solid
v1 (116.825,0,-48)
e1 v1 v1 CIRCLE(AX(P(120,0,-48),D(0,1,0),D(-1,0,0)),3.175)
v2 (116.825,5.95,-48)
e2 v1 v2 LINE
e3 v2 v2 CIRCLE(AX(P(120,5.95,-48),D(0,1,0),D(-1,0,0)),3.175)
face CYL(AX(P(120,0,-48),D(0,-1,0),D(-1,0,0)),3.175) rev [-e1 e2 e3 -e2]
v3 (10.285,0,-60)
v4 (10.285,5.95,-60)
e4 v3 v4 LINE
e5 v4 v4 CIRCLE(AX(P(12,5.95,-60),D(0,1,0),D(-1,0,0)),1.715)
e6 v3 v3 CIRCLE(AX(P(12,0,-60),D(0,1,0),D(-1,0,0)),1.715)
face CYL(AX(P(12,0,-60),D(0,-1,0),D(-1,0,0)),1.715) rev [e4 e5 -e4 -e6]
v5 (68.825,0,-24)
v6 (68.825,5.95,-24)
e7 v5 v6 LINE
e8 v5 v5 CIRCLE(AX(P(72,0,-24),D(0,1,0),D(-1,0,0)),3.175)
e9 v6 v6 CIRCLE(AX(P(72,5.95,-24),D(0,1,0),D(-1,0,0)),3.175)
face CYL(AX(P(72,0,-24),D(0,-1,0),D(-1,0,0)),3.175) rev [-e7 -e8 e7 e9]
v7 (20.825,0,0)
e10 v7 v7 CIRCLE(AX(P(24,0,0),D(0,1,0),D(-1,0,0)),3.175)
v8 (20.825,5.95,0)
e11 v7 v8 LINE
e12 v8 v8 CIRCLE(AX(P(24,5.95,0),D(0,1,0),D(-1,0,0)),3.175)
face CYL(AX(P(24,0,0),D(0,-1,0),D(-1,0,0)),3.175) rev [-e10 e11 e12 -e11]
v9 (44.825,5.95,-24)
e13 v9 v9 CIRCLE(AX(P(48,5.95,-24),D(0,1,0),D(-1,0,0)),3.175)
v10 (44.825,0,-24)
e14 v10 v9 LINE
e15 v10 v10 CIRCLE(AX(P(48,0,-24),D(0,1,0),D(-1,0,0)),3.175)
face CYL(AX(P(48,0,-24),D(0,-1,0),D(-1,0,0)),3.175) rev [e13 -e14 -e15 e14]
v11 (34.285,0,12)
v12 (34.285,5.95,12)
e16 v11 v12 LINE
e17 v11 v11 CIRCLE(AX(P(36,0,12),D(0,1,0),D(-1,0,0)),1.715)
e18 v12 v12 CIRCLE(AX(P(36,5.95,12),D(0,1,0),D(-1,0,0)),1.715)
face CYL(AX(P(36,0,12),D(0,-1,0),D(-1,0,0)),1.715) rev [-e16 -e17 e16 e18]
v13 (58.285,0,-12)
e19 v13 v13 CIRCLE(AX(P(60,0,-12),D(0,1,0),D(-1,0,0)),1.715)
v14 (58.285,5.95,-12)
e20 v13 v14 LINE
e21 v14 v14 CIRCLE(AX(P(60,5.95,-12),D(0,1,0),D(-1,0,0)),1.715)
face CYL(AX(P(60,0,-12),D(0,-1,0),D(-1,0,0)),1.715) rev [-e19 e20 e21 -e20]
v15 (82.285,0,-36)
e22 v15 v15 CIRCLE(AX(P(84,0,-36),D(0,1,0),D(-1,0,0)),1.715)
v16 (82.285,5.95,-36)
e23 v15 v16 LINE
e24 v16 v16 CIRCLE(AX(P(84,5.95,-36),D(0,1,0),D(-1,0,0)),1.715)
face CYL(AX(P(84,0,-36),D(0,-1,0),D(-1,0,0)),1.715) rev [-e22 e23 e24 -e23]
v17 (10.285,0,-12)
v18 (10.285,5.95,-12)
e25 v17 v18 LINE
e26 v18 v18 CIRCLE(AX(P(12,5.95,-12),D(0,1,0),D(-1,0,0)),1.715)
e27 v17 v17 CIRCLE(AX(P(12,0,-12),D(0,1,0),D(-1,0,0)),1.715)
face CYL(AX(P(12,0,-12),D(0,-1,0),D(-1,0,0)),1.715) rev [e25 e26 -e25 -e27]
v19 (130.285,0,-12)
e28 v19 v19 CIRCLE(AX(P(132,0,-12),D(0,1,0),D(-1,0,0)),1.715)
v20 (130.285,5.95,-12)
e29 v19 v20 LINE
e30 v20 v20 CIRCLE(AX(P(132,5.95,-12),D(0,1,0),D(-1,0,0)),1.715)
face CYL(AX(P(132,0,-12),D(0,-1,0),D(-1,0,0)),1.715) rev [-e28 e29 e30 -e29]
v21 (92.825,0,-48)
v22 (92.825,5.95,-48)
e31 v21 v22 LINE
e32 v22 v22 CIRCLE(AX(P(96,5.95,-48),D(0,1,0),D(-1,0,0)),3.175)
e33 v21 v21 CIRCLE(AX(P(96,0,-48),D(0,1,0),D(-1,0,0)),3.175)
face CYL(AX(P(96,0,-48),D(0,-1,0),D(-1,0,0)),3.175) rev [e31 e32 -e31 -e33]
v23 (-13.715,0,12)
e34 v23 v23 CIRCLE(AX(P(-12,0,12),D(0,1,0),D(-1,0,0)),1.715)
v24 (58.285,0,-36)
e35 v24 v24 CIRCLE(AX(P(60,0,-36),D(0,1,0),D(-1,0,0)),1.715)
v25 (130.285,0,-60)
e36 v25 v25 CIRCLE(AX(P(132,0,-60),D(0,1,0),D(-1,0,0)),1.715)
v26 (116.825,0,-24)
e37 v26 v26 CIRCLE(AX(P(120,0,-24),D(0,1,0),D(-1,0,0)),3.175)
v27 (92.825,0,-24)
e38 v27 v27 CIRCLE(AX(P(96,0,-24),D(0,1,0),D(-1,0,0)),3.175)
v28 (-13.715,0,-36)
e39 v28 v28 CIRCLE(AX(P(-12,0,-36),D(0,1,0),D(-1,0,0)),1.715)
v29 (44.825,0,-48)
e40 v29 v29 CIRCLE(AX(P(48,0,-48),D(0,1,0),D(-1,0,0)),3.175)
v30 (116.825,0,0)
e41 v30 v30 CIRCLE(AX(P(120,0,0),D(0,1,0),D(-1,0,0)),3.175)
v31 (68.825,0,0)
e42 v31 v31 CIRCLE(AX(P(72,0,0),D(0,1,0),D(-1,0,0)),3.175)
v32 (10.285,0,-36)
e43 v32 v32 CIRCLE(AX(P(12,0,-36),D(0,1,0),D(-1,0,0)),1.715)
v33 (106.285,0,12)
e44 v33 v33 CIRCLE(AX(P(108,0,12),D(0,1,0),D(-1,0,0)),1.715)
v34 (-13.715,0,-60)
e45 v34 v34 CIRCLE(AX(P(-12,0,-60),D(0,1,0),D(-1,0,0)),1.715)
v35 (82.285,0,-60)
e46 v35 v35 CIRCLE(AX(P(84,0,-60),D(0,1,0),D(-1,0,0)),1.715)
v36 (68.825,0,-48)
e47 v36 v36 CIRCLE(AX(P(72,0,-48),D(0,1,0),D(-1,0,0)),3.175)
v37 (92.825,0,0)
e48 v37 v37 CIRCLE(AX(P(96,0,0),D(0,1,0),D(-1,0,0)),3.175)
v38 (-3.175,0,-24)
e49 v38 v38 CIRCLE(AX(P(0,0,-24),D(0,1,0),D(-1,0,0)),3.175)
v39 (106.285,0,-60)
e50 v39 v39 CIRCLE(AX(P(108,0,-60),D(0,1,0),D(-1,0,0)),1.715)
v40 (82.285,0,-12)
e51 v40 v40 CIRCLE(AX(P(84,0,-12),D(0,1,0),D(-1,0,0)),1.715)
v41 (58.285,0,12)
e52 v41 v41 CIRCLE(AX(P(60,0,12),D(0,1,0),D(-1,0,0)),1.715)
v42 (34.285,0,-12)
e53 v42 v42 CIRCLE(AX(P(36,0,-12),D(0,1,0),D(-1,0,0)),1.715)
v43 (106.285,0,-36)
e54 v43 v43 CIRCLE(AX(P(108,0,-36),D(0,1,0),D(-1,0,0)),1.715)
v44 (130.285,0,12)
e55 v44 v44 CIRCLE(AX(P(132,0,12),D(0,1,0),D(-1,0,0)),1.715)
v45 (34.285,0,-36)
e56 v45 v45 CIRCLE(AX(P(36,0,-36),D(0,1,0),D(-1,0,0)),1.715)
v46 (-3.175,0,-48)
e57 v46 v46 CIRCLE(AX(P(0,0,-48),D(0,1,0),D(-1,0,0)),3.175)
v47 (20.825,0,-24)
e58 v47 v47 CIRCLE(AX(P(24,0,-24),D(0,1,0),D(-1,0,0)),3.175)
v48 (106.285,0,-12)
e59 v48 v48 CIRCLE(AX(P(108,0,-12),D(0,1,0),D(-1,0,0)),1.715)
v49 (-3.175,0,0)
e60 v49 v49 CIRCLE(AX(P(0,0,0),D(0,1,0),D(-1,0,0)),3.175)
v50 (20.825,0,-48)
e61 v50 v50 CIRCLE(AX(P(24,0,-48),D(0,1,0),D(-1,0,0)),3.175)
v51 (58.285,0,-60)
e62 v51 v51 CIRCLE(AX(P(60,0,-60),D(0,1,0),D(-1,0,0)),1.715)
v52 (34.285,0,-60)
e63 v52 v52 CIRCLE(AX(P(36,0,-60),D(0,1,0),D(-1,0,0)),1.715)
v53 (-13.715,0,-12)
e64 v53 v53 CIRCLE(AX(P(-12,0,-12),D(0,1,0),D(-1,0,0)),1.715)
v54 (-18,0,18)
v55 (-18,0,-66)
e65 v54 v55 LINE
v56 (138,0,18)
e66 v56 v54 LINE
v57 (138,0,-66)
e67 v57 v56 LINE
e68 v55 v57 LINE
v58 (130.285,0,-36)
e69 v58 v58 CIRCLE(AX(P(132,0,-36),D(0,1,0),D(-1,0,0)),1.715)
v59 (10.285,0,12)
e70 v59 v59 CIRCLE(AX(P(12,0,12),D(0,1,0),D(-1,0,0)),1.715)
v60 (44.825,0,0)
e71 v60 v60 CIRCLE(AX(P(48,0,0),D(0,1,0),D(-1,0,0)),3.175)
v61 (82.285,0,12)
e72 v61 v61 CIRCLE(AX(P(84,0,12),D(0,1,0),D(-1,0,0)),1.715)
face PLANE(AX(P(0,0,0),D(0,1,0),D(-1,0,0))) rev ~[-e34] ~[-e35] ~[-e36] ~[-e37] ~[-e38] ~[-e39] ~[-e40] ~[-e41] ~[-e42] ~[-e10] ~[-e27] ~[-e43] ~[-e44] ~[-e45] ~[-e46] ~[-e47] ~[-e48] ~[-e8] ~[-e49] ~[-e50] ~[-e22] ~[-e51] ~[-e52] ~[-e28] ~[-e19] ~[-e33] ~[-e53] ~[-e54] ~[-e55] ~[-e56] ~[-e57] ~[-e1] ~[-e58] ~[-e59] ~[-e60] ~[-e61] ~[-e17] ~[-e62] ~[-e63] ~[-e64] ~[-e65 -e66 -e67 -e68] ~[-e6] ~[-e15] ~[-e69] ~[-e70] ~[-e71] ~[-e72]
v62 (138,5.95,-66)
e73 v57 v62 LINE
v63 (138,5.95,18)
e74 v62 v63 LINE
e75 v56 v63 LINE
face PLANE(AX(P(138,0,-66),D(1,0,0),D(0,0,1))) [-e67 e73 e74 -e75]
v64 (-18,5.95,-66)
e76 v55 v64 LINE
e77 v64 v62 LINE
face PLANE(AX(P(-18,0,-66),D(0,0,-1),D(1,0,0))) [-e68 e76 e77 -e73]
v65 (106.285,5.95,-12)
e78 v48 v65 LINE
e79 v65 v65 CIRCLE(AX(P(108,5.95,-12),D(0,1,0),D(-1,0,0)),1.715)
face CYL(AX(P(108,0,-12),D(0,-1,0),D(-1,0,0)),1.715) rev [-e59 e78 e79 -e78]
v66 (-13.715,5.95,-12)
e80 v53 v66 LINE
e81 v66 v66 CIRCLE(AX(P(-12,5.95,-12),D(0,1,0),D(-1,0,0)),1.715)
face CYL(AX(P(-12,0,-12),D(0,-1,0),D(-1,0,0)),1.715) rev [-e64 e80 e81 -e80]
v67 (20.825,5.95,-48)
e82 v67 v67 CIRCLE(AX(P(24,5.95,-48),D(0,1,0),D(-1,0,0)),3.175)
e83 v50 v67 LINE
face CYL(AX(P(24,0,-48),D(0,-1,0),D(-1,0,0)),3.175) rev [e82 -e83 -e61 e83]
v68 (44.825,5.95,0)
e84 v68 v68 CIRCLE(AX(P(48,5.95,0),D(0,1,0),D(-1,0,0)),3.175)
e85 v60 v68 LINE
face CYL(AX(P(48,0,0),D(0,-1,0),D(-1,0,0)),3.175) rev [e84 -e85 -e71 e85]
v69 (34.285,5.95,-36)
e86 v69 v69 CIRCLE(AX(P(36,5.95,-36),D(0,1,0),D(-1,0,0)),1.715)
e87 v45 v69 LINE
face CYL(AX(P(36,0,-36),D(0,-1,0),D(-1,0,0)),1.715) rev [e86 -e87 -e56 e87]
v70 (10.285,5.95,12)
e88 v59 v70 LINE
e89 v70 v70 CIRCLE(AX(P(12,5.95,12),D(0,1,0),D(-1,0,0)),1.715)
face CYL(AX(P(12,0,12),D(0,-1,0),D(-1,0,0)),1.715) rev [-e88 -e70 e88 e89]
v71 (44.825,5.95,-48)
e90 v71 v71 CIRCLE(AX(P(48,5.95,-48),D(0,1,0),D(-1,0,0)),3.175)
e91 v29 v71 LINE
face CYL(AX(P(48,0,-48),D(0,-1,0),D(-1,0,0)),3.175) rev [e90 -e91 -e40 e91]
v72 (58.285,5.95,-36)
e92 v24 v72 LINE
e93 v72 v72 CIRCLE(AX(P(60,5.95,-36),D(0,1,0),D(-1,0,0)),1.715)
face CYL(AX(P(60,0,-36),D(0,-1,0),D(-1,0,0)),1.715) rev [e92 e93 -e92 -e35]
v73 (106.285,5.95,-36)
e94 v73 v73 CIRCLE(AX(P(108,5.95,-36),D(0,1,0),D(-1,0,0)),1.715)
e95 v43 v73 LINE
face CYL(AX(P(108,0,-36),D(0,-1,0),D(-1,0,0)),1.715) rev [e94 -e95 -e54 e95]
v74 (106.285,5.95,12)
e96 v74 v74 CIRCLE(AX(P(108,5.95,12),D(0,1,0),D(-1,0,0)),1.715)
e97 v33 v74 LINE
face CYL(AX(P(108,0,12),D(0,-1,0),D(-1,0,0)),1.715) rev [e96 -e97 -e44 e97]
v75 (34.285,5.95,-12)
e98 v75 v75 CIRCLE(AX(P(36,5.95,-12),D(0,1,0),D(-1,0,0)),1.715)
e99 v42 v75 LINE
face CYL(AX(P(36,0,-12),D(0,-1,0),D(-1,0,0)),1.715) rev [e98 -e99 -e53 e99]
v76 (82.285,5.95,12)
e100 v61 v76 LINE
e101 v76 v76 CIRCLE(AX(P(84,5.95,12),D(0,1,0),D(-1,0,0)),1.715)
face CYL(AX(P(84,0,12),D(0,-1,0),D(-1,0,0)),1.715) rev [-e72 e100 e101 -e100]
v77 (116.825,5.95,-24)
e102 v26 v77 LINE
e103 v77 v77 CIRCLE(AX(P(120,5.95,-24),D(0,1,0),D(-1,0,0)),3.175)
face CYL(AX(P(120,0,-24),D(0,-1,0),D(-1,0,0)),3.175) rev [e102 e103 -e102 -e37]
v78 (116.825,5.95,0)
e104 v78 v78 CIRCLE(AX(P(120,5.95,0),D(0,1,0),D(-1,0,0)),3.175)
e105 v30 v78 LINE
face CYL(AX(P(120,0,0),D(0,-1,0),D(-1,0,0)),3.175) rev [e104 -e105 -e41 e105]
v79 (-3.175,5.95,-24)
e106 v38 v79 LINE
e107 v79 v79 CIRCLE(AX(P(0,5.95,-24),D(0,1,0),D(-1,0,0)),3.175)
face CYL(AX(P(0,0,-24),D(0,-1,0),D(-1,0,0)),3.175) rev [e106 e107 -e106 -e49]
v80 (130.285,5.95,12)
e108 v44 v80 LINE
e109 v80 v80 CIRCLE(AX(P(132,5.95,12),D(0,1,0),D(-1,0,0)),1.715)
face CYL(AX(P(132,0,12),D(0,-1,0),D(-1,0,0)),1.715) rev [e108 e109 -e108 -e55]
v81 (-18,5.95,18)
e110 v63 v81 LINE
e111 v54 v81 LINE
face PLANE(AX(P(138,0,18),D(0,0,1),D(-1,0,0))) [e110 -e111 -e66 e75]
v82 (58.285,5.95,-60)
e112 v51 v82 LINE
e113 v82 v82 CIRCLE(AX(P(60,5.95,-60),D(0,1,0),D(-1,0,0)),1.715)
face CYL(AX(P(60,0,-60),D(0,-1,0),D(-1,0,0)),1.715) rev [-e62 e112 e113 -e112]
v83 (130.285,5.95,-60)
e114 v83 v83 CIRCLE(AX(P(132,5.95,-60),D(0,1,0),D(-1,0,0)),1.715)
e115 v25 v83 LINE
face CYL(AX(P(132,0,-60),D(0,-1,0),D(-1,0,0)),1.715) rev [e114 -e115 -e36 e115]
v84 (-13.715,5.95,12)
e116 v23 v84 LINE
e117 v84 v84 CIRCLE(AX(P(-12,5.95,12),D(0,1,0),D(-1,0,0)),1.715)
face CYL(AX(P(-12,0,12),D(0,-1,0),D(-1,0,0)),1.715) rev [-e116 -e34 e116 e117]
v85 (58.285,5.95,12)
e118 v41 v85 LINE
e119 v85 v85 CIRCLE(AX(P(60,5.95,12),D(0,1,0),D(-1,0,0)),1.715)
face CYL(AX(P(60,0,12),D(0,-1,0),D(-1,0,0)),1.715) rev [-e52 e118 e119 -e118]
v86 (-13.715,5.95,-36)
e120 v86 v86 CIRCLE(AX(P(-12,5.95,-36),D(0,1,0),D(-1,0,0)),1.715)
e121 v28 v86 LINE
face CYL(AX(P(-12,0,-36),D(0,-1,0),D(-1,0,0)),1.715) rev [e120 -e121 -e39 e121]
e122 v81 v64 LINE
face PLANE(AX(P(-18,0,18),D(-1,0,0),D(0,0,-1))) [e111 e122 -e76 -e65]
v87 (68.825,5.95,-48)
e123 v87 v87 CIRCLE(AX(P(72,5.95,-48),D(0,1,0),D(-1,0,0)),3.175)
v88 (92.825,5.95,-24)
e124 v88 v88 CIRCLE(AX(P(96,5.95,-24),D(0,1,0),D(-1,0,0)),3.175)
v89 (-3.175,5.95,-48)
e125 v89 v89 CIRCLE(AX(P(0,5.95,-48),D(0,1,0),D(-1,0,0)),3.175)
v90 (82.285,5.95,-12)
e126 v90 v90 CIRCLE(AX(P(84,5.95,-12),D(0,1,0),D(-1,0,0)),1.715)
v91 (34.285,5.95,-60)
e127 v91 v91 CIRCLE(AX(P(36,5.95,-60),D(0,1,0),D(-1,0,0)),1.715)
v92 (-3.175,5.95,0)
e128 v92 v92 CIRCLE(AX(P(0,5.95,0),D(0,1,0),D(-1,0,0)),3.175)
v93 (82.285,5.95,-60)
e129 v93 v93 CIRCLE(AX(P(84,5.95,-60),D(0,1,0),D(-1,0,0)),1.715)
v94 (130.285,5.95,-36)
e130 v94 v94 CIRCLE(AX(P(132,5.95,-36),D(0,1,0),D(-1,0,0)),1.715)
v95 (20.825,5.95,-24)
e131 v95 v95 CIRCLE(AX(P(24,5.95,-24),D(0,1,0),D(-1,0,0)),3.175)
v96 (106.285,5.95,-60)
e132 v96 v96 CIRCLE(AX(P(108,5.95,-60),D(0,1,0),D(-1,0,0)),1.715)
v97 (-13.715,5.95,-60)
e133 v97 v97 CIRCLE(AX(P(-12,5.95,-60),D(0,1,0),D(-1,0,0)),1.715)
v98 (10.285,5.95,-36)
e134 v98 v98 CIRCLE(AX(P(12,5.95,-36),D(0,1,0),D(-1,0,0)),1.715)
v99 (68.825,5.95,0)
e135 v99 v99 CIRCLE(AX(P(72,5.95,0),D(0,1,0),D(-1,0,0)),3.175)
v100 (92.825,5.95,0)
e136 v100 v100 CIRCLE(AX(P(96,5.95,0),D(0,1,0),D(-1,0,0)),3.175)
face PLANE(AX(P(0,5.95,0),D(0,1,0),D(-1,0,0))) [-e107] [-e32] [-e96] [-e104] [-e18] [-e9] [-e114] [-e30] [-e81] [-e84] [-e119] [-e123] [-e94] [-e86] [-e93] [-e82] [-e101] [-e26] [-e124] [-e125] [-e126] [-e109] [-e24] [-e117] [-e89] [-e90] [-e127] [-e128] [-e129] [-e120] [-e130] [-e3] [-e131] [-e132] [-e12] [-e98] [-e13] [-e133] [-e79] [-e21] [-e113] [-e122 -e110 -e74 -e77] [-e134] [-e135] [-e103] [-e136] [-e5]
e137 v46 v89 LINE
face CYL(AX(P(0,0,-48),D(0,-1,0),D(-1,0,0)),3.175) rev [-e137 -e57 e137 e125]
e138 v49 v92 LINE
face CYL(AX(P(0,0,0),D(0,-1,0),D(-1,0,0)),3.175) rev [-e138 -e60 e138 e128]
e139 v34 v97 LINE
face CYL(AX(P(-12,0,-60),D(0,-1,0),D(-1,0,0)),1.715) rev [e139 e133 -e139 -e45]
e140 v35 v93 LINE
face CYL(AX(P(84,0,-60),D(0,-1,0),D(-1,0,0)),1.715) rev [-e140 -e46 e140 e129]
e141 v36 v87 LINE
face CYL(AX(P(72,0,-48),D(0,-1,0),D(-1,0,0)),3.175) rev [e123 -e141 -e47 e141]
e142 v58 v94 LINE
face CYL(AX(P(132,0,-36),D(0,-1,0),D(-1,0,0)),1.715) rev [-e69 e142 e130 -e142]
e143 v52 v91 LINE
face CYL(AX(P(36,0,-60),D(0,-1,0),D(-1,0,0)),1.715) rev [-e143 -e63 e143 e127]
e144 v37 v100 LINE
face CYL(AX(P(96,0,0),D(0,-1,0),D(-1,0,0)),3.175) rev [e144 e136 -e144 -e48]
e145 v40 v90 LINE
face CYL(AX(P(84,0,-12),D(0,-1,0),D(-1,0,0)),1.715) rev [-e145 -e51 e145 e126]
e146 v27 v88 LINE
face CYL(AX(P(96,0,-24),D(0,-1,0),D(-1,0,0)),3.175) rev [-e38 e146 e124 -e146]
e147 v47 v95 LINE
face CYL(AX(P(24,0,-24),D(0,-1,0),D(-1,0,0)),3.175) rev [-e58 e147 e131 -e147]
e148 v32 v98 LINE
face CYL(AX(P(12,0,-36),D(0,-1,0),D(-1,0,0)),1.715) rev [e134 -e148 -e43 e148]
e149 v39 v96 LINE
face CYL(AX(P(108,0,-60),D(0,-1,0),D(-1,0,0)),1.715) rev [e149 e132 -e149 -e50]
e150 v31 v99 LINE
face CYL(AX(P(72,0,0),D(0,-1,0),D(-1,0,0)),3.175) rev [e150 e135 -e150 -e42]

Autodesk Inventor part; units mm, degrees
ref_plane "YZ Plane" through (0, 0, 0) normal (1, 0, 0) x (0, 1, 0)
ref_plane "XZ Plane" through (0, 0, 0) normal (0, 1, 0) x (-1, 0, 0)
ref_plane "XY Plane" through (0, 0, 0) normal (0, 0, 1) x (1, 0, 0)
sketch "Sketch1" plane through (0, 0, 0) normal (0, 1, 0) x (-1, 0, 0)
  circle A0 centre (0, 0) radius 9 construction
  circle A1 centre (0, 0) radius 7 construction
  circle A2 centre (12, -12) radius 1.715
  line L0 (0, 0) -> (0, -7) construction
  line L1 (0, 0) -> (9, 0) construction
  circle A3 centre (0, 0) radius 3.175
  line L2 (18, -66) -> (-138, -66)
  line L3 (-138, -66) -> (-138, 18)
  line L4 (-138, 18) -> (18, 18)
  line L5 (18, 18) -> (18, -66)
  circle A4 centre (12, 12) radius 1.715
  circle A5 centre (-12, 12) radius 1.715
  circle A6 centre (-12, -12) radius 1.715
  line L6 (12, -12) -> (0, 0) construction
  circle A7 centre (0, -24) radius 3.175
  circle A8 centre (12, -36) radius 1.715
  circle A9 centre (-12, -36) radius 1.715
  circle A10 centre (0, -48) radius 3.175
  circle A11 centre (12, -60) radius 1.715
  circle A12 centre (-12, -60) radius 1.715
  circle A13 centre (-36, 12) radius 1.715
  circle A14 centre (-24, 0) radius 3.175
  circle A15 centre (-36, -12) radius 1.715
  circle A16 centre (-24, -24) radius 3.175
  circle A17 centre (-36, -36) radius 1.715
  circle A18 centre (-24, -48) radius 3.175
  circle A19 centre (-36, -60) radius 1.715
  circle A20 centre (-60, 12) radius 1.715
  circle A21 centre (-48, 0) radius 3.175
  circle A22 centre (-60, -12) radius 1.715
  circle A23 centre (-48, -24) radius 3.175
  circle A24 centre (-60, -36) radius 1.715
  circle A25 centre (-48, -48) radius 3.175
  circle A26 centre (-60, -60) radius 1.715
  circle A27 centre (-84, 12) radius 1.715
  circle A28 centre (-72, 0) radius 3.175
  circle A29 centre (-84, -12) radius 1.715
  circle A30 centre (-72, -24) radius 3.175
  circle A31 centre (-84, -36) radius 1.715
  circle A32 centre (-72, -48) radius 3.175
  circle A33 centre (-84, -60) radius 1.715
  circle A34 centre (-108, 12) radius 1.715
  circle A35 centre (-96, 0) radius 3.175
  circle A36 centre (-108, -12) radius 1.715
  circle A37 centre (-96, -24) radius 3.175
  circle A38 centre (-108, -36) radius 1.715
  circle A39 centre (-96, -48) radius 3.175
  circle A40 centre (-108, -60) radius 1.715
  circle A41 centre (-132, 12) radius 1.715
  circle A42 centre (-120, 0) radius 3.175
  circle A43 centre (-132, -12) radius 1.715
  circle A44 centre (-120, -24) radius 3.175
  circle A45 centre (-132, -36) radius 1.715
  circle A46 centre (-120, -48) radius 3.175
  circle A47 centre (-132, -60) radius 1.715
  dimension "d0" = 18
  dimension "d1" = 2
  dimension "d2" = 3.43
  dimension "d6" = 6.35
  dimension "d27" = 360
  dimension "d29" = 45
  dimension "d30" = 12
  dimension "d33" = 24
  dimension "d40" = 24
  dimension "d45" = 6
  dimension "d46" = 6
  dimension "d47" = 6
  dimension "d48" = 6
extrude "Extrusion3" add sketch "Sketch1" along normal blind 5.95
equation "\"d0\" = 0.75 * BearingDiameter"
equation "\"d1\" = SiliconeOverlapThickness"
equation "\"d2\" = HoldScrewDiameter"
equation "\"d6\" = DowlDiameter"
equation "\"d49\" = WoodThickness"
equation "\"BearingDiameter\" = 24"
equation "\"SiliconeOverlapThickness\" = 2"
equation "\"HoldScrewDiameter\" = 3.43"
equation "\"DowlDiameter\" = 6.35"
equation "\"WoodThickness\" = 5.95"
properties part number "BearingSiliconeMold_1" material "MDF Medium Density Fiberboard"
